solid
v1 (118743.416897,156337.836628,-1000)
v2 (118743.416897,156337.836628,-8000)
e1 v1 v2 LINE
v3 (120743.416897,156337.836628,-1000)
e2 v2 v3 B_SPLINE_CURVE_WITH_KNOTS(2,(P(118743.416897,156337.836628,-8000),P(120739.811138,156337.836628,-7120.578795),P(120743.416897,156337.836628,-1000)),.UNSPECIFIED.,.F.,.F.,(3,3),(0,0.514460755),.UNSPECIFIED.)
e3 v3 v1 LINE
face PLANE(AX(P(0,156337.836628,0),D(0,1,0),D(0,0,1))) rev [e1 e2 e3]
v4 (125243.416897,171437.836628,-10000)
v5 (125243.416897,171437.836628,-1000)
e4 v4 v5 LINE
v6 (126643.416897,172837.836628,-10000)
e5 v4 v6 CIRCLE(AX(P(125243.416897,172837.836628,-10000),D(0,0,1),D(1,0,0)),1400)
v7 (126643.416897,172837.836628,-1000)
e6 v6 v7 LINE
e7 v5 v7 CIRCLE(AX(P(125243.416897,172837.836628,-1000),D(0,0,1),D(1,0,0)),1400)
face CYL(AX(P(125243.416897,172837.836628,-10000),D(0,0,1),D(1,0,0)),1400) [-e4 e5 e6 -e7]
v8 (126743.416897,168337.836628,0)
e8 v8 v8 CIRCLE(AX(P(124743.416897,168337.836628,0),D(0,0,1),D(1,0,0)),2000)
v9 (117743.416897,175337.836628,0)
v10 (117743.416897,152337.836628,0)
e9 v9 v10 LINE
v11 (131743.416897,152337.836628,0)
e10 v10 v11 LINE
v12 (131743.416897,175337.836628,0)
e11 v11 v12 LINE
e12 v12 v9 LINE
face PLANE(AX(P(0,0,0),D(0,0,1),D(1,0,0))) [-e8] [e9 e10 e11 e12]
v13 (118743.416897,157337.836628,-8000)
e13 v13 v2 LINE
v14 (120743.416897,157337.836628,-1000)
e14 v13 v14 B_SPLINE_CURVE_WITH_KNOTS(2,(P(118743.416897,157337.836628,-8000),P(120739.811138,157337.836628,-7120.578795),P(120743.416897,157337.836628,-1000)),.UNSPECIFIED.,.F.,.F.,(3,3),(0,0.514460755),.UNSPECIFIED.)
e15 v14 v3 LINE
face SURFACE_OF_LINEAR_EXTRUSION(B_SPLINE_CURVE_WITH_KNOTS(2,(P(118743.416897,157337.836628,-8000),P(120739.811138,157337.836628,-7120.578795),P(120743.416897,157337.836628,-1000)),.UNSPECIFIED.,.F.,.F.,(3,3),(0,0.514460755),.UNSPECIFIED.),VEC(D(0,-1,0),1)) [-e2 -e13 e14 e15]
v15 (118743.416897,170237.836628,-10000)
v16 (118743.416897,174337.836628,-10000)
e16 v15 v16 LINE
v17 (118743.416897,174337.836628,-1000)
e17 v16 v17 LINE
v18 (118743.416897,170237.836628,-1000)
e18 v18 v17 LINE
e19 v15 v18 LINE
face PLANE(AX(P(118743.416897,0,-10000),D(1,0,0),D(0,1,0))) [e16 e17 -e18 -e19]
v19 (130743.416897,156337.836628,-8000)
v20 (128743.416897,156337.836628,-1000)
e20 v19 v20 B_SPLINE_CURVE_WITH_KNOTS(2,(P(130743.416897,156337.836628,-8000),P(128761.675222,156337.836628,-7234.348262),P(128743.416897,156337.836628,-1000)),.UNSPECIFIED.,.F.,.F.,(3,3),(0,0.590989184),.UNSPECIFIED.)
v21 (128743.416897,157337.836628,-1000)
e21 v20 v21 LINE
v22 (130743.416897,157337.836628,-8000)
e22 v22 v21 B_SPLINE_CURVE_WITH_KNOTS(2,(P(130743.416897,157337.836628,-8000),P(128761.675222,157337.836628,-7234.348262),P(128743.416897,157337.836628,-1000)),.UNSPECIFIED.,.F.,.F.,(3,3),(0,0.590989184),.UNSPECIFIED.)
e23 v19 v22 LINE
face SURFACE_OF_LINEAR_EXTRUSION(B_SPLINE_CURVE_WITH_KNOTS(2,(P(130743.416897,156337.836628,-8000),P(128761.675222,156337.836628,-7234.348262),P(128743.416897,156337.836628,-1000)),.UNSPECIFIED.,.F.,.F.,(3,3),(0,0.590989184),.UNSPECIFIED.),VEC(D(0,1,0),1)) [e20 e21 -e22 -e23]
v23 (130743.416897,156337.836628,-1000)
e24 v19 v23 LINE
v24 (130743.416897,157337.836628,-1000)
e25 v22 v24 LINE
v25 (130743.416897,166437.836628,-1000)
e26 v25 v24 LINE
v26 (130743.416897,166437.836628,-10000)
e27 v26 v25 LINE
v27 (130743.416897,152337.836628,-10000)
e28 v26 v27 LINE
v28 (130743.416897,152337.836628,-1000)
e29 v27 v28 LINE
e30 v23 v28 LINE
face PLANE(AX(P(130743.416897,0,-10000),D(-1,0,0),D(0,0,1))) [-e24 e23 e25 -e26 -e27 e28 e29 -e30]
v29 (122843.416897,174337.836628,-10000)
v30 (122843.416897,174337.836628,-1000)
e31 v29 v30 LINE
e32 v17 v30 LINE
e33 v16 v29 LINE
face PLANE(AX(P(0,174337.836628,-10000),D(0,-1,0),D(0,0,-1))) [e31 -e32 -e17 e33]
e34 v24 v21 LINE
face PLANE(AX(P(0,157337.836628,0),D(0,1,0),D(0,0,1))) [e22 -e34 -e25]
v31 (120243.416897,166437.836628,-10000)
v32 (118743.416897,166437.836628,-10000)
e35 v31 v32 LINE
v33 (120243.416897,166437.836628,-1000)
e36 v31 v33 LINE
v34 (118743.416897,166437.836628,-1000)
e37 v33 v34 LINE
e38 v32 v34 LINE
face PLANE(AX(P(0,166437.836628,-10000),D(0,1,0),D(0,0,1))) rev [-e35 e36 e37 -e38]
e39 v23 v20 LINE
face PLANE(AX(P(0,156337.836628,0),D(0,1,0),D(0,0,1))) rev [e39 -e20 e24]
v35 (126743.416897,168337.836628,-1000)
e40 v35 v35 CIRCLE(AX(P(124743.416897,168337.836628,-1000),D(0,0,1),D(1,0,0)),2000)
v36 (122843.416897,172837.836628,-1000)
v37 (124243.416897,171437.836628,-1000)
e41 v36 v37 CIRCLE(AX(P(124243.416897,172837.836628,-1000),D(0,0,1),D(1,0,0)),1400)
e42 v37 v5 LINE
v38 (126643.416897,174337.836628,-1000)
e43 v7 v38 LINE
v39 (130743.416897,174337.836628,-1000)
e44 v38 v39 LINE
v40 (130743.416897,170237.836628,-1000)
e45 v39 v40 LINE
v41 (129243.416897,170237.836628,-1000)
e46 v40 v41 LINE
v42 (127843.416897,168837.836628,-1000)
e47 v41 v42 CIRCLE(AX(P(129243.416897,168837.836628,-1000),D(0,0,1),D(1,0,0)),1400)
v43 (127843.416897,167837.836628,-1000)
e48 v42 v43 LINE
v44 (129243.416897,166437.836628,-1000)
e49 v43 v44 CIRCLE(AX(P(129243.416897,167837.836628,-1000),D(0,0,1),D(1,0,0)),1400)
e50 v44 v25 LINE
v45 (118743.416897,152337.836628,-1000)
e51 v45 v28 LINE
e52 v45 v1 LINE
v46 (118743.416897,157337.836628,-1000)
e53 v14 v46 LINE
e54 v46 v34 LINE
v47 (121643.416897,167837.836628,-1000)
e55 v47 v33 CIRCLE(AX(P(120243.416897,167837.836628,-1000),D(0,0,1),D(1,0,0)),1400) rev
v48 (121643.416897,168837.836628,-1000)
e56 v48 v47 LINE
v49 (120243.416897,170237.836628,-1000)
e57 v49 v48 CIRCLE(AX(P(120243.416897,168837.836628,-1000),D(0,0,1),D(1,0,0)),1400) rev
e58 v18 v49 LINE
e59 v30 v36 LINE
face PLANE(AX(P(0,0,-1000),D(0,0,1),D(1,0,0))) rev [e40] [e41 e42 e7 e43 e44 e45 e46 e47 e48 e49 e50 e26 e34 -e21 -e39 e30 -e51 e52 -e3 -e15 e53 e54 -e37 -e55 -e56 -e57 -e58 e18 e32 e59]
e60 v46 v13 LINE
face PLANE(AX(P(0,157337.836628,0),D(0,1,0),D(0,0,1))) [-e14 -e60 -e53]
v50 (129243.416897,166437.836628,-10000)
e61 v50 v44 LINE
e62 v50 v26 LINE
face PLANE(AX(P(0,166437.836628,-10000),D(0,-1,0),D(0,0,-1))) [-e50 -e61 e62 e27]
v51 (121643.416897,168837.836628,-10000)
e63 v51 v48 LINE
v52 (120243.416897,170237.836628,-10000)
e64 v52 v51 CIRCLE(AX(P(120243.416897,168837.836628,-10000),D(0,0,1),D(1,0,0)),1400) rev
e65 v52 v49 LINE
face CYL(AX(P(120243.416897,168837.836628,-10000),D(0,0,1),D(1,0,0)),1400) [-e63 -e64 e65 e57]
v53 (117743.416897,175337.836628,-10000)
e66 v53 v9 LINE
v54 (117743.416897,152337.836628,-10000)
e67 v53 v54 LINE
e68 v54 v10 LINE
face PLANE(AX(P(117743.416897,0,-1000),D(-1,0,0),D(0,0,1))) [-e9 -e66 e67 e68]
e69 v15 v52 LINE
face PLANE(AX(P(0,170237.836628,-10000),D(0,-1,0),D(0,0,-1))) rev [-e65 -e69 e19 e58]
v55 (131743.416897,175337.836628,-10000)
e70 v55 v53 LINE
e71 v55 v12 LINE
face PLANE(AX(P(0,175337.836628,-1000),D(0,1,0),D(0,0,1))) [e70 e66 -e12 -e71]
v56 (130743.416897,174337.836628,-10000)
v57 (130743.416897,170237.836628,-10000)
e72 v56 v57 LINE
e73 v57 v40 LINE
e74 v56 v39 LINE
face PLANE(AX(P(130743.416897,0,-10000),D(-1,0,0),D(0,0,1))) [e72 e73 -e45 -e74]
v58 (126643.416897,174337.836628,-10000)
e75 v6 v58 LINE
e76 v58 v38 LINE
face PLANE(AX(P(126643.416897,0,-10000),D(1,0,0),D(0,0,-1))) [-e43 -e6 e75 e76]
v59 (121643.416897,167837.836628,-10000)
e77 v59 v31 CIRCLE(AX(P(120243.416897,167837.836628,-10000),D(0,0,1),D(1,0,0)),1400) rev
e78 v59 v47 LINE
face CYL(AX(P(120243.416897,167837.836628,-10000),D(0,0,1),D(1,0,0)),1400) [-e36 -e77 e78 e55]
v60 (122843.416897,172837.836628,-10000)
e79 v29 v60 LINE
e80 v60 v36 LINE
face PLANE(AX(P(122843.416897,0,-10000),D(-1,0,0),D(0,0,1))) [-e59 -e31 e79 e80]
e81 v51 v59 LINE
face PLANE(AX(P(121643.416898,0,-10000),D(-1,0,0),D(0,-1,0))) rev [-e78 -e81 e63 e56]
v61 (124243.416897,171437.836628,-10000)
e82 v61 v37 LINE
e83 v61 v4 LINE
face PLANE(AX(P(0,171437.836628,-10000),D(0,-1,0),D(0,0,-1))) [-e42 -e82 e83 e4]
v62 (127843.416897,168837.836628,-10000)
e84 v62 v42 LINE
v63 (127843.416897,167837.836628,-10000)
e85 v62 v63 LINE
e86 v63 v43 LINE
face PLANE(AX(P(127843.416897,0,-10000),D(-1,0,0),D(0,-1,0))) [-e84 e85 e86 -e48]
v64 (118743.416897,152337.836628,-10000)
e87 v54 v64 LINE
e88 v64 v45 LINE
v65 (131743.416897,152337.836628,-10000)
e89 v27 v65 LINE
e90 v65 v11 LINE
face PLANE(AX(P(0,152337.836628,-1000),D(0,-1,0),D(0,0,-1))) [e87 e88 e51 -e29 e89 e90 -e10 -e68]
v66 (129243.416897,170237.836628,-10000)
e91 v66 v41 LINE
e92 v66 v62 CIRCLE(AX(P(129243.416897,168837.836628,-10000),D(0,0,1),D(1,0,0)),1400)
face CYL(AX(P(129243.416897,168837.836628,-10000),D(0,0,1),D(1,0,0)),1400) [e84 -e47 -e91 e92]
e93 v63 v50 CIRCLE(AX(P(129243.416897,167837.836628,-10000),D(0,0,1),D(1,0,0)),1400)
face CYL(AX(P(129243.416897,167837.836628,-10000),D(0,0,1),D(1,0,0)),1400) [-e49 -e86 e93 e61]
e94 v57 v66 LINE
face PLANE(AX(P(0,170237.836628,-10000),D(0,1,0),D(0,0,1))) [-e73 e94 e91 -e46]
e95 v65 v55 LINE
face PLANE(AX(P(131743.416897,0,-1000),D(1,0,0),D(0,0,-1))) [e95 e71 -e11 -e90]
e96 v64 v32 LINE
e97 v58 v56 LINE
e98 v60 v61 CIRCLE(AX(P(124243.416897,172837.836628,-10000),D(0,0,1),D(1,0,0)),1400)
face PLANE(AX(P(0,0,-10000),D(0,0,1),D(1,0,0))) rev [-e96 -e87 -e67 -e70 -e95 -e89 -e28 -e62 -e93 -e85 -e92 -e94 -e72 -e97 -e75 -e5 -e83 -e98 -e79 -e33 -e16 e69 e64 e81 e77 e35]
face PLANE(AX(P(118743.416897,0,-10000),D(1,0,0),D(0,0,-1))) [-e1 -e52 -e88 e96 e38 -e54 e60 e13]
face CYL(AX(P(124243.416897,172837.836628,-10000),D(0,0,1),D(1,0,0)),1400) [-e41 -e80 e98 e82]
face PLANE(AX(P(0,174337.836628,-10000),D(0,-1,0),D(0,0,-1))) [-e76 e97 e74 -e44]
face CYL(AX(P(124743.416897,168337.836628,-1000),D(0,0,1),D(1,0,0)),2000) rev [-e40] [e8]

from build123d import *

# Parameters (mm, degrees)
CROQUIS1_W                   = 14000
CROQUIS1_H                   = 23000
CROQUIS1_R                   = 2000
SALIENTE_EXTRUIR1_DEPTH      = 1000
SALIENTE_EXTRUIR2_DEPTH      = 10000
SALIENTE_EXTRUIR3_DEPTH      = 500
SALIENTE_EXTRUIR3_DEPTH_BACK = 500


with BuildPart() as part:
    # Croquis1 → Saliente-Extruir1 (new body)
    with BuildSketch(Plane.XY):
        with Locations((124743.416897498, 163837.836627923)):
            Rectangle(CROQUIS1_W, CROQUIS1_H)
        with Locations((124743.416897498, 168337.836627923)):
            Circle(CROQUIS1_R, mode=Mode.SUBTRACT)
    extrude(amount=-SALIENTE_EXTRUIR1_DEPTH)

    # Croquis1<6> → Saliente-Extruir2 (add)
    with BuildSketch(Plane.XY):
        with BuildLine():
            Line((117743.416897498, 152337.836627923), (118743.416897498, 152337.836627923))
            Line((118743.416897498, 152337.836627923), (118743.416897498, 166437.836627923))
            Line((118743.416897498, 166437.836627923), (120243.416897498, 166437.836627923))
            ThreePointArc((120243.416897498, 166437.836627923), (121233.366391159, 166847.887134262), (121643.416897498, 167837.836627923))
            Line((121643.416897498, 167837.836627923), (121643.416897498, 168837.836627923))
            ThreePointArc((121643.416897498, 168837.836627923), (121233.366391159, 169827.786121585), (120243.416897498, 170237.836627923))
            Line((120243.416897498, 170237.836627923), (118743.416897498, 170237.836627923))
            Line((118743.416897498, 170237.836627923), (118743.416897498, 174337.836627923))
            Line((118743.416897498, 174337.836627923), (122843.416897498, 174337.836627923))
            Line((122843.416897498, 174337.836627923), (122843.416897498, 172837.836627923))
            ThreePointArc((122843.416897498, 172837.836627923), (123253.467403837, 171847.887134262), (124243.416897498, 171437.836627923))
            Line((124243.416897498, 171437.836627923), (125243.416897498, 171437.836627923))
            ThreePointArc((125243.416897498, 171437.836627923), (126233.366391159, 171847.887134262), (126643.416897498, 172837.836627923))
            Line((126643.416897498, 172837.836627923), (126643.416897498, 174337.836627923))
            Line((126643.416897498, 174337.836627923), (130743.416897498, 174337.836627923))
            Line((130743.416897498, 174337.836627923), (130743.416897498, 170237.836627923))
            Line((130743.416897498, 170237.836627923), (129243.416897498, 170237.836627923))
            ThreePointArc((129243.416897498, 170237.836627923), (128253.467403837, 169827.786121585), (127843.416897498, 168837.836627923))
            Line((127843.416897498, 168837.836627923), (127843.416897498, 167837.836627923))
            ThreePointArc((127843.416897498, 167837.836627923), (128253.467403837, 166847.887134262), (129243.416897498, 166437.836627923))
            Line((129243.416897498, 166437.836627923), (130743.416897498, 166437.836627923))
            Line((130743.416897498, 166437.836627923), (130743.416897498, 152337.836627923))
            Line((130743.416897498, 152337.836627923), (131743.416897498, 152337.836627923))
            Line((131743.416897498, 152337.836627923), (131743.416897498, 175337.836627923))
            Line((131743.416897498, 175337.836627923), (117743.416897498, 175337.836627923))
            Line((117743.416897498, 175337.836627923), (117743.416897498, 152337.836627923))
        make_face()
    extrude(amount=-SALIENTE_EXTRUIR2_DEPTH)

    # Croquis2 → Saliente-Extruir3 (add, two sides: drawn at the far end of the back side and taken through both)
    with BuildSketch(Plane(origin=(0, 156837.836627923, 0), x_dir=(1, 0, 0), z_dir=(0, 1, 0)).offset(-SALIENTE_EXTRUIR3_DEPTH_BACK)):
        with BuildLine():
            Line((130743.416897498, 1000), (130743.416897498, 8000))
            add(Edge.make_bspline(
                [(130743.416897498, 8000), (128761.675222051, 7234.348262256), (128743.416897498, 1000)],
                knots=[0, 0, 0, 0.590989184, 0.590989184, 0.590989184], degree=2))
            Line((128743.416897498, 1000), (130743.416897498, 1000))
        make_face()
        with BuildLine():
            add(Edge.make_bspline(
                [(118743.416897498, 8000), (120739.811138244, 7120.578794783), (120743.416897498, 1000)],
                knots=[0, 0, 0, 0.514460755, 0.514460755, 0.514460755], degree=2))
            Line((118743.416897498, 8000), (118743.416897498, 1000))
            Line((118743.416897498, 1000), (120743.416897498, 1000))
        make_face()
    extrude(amount=SALIENTE_EXTRUIR3_DEPTH + SALIENTE_EXTRUIR3_DEPTH_BACK)


solid = part.part
